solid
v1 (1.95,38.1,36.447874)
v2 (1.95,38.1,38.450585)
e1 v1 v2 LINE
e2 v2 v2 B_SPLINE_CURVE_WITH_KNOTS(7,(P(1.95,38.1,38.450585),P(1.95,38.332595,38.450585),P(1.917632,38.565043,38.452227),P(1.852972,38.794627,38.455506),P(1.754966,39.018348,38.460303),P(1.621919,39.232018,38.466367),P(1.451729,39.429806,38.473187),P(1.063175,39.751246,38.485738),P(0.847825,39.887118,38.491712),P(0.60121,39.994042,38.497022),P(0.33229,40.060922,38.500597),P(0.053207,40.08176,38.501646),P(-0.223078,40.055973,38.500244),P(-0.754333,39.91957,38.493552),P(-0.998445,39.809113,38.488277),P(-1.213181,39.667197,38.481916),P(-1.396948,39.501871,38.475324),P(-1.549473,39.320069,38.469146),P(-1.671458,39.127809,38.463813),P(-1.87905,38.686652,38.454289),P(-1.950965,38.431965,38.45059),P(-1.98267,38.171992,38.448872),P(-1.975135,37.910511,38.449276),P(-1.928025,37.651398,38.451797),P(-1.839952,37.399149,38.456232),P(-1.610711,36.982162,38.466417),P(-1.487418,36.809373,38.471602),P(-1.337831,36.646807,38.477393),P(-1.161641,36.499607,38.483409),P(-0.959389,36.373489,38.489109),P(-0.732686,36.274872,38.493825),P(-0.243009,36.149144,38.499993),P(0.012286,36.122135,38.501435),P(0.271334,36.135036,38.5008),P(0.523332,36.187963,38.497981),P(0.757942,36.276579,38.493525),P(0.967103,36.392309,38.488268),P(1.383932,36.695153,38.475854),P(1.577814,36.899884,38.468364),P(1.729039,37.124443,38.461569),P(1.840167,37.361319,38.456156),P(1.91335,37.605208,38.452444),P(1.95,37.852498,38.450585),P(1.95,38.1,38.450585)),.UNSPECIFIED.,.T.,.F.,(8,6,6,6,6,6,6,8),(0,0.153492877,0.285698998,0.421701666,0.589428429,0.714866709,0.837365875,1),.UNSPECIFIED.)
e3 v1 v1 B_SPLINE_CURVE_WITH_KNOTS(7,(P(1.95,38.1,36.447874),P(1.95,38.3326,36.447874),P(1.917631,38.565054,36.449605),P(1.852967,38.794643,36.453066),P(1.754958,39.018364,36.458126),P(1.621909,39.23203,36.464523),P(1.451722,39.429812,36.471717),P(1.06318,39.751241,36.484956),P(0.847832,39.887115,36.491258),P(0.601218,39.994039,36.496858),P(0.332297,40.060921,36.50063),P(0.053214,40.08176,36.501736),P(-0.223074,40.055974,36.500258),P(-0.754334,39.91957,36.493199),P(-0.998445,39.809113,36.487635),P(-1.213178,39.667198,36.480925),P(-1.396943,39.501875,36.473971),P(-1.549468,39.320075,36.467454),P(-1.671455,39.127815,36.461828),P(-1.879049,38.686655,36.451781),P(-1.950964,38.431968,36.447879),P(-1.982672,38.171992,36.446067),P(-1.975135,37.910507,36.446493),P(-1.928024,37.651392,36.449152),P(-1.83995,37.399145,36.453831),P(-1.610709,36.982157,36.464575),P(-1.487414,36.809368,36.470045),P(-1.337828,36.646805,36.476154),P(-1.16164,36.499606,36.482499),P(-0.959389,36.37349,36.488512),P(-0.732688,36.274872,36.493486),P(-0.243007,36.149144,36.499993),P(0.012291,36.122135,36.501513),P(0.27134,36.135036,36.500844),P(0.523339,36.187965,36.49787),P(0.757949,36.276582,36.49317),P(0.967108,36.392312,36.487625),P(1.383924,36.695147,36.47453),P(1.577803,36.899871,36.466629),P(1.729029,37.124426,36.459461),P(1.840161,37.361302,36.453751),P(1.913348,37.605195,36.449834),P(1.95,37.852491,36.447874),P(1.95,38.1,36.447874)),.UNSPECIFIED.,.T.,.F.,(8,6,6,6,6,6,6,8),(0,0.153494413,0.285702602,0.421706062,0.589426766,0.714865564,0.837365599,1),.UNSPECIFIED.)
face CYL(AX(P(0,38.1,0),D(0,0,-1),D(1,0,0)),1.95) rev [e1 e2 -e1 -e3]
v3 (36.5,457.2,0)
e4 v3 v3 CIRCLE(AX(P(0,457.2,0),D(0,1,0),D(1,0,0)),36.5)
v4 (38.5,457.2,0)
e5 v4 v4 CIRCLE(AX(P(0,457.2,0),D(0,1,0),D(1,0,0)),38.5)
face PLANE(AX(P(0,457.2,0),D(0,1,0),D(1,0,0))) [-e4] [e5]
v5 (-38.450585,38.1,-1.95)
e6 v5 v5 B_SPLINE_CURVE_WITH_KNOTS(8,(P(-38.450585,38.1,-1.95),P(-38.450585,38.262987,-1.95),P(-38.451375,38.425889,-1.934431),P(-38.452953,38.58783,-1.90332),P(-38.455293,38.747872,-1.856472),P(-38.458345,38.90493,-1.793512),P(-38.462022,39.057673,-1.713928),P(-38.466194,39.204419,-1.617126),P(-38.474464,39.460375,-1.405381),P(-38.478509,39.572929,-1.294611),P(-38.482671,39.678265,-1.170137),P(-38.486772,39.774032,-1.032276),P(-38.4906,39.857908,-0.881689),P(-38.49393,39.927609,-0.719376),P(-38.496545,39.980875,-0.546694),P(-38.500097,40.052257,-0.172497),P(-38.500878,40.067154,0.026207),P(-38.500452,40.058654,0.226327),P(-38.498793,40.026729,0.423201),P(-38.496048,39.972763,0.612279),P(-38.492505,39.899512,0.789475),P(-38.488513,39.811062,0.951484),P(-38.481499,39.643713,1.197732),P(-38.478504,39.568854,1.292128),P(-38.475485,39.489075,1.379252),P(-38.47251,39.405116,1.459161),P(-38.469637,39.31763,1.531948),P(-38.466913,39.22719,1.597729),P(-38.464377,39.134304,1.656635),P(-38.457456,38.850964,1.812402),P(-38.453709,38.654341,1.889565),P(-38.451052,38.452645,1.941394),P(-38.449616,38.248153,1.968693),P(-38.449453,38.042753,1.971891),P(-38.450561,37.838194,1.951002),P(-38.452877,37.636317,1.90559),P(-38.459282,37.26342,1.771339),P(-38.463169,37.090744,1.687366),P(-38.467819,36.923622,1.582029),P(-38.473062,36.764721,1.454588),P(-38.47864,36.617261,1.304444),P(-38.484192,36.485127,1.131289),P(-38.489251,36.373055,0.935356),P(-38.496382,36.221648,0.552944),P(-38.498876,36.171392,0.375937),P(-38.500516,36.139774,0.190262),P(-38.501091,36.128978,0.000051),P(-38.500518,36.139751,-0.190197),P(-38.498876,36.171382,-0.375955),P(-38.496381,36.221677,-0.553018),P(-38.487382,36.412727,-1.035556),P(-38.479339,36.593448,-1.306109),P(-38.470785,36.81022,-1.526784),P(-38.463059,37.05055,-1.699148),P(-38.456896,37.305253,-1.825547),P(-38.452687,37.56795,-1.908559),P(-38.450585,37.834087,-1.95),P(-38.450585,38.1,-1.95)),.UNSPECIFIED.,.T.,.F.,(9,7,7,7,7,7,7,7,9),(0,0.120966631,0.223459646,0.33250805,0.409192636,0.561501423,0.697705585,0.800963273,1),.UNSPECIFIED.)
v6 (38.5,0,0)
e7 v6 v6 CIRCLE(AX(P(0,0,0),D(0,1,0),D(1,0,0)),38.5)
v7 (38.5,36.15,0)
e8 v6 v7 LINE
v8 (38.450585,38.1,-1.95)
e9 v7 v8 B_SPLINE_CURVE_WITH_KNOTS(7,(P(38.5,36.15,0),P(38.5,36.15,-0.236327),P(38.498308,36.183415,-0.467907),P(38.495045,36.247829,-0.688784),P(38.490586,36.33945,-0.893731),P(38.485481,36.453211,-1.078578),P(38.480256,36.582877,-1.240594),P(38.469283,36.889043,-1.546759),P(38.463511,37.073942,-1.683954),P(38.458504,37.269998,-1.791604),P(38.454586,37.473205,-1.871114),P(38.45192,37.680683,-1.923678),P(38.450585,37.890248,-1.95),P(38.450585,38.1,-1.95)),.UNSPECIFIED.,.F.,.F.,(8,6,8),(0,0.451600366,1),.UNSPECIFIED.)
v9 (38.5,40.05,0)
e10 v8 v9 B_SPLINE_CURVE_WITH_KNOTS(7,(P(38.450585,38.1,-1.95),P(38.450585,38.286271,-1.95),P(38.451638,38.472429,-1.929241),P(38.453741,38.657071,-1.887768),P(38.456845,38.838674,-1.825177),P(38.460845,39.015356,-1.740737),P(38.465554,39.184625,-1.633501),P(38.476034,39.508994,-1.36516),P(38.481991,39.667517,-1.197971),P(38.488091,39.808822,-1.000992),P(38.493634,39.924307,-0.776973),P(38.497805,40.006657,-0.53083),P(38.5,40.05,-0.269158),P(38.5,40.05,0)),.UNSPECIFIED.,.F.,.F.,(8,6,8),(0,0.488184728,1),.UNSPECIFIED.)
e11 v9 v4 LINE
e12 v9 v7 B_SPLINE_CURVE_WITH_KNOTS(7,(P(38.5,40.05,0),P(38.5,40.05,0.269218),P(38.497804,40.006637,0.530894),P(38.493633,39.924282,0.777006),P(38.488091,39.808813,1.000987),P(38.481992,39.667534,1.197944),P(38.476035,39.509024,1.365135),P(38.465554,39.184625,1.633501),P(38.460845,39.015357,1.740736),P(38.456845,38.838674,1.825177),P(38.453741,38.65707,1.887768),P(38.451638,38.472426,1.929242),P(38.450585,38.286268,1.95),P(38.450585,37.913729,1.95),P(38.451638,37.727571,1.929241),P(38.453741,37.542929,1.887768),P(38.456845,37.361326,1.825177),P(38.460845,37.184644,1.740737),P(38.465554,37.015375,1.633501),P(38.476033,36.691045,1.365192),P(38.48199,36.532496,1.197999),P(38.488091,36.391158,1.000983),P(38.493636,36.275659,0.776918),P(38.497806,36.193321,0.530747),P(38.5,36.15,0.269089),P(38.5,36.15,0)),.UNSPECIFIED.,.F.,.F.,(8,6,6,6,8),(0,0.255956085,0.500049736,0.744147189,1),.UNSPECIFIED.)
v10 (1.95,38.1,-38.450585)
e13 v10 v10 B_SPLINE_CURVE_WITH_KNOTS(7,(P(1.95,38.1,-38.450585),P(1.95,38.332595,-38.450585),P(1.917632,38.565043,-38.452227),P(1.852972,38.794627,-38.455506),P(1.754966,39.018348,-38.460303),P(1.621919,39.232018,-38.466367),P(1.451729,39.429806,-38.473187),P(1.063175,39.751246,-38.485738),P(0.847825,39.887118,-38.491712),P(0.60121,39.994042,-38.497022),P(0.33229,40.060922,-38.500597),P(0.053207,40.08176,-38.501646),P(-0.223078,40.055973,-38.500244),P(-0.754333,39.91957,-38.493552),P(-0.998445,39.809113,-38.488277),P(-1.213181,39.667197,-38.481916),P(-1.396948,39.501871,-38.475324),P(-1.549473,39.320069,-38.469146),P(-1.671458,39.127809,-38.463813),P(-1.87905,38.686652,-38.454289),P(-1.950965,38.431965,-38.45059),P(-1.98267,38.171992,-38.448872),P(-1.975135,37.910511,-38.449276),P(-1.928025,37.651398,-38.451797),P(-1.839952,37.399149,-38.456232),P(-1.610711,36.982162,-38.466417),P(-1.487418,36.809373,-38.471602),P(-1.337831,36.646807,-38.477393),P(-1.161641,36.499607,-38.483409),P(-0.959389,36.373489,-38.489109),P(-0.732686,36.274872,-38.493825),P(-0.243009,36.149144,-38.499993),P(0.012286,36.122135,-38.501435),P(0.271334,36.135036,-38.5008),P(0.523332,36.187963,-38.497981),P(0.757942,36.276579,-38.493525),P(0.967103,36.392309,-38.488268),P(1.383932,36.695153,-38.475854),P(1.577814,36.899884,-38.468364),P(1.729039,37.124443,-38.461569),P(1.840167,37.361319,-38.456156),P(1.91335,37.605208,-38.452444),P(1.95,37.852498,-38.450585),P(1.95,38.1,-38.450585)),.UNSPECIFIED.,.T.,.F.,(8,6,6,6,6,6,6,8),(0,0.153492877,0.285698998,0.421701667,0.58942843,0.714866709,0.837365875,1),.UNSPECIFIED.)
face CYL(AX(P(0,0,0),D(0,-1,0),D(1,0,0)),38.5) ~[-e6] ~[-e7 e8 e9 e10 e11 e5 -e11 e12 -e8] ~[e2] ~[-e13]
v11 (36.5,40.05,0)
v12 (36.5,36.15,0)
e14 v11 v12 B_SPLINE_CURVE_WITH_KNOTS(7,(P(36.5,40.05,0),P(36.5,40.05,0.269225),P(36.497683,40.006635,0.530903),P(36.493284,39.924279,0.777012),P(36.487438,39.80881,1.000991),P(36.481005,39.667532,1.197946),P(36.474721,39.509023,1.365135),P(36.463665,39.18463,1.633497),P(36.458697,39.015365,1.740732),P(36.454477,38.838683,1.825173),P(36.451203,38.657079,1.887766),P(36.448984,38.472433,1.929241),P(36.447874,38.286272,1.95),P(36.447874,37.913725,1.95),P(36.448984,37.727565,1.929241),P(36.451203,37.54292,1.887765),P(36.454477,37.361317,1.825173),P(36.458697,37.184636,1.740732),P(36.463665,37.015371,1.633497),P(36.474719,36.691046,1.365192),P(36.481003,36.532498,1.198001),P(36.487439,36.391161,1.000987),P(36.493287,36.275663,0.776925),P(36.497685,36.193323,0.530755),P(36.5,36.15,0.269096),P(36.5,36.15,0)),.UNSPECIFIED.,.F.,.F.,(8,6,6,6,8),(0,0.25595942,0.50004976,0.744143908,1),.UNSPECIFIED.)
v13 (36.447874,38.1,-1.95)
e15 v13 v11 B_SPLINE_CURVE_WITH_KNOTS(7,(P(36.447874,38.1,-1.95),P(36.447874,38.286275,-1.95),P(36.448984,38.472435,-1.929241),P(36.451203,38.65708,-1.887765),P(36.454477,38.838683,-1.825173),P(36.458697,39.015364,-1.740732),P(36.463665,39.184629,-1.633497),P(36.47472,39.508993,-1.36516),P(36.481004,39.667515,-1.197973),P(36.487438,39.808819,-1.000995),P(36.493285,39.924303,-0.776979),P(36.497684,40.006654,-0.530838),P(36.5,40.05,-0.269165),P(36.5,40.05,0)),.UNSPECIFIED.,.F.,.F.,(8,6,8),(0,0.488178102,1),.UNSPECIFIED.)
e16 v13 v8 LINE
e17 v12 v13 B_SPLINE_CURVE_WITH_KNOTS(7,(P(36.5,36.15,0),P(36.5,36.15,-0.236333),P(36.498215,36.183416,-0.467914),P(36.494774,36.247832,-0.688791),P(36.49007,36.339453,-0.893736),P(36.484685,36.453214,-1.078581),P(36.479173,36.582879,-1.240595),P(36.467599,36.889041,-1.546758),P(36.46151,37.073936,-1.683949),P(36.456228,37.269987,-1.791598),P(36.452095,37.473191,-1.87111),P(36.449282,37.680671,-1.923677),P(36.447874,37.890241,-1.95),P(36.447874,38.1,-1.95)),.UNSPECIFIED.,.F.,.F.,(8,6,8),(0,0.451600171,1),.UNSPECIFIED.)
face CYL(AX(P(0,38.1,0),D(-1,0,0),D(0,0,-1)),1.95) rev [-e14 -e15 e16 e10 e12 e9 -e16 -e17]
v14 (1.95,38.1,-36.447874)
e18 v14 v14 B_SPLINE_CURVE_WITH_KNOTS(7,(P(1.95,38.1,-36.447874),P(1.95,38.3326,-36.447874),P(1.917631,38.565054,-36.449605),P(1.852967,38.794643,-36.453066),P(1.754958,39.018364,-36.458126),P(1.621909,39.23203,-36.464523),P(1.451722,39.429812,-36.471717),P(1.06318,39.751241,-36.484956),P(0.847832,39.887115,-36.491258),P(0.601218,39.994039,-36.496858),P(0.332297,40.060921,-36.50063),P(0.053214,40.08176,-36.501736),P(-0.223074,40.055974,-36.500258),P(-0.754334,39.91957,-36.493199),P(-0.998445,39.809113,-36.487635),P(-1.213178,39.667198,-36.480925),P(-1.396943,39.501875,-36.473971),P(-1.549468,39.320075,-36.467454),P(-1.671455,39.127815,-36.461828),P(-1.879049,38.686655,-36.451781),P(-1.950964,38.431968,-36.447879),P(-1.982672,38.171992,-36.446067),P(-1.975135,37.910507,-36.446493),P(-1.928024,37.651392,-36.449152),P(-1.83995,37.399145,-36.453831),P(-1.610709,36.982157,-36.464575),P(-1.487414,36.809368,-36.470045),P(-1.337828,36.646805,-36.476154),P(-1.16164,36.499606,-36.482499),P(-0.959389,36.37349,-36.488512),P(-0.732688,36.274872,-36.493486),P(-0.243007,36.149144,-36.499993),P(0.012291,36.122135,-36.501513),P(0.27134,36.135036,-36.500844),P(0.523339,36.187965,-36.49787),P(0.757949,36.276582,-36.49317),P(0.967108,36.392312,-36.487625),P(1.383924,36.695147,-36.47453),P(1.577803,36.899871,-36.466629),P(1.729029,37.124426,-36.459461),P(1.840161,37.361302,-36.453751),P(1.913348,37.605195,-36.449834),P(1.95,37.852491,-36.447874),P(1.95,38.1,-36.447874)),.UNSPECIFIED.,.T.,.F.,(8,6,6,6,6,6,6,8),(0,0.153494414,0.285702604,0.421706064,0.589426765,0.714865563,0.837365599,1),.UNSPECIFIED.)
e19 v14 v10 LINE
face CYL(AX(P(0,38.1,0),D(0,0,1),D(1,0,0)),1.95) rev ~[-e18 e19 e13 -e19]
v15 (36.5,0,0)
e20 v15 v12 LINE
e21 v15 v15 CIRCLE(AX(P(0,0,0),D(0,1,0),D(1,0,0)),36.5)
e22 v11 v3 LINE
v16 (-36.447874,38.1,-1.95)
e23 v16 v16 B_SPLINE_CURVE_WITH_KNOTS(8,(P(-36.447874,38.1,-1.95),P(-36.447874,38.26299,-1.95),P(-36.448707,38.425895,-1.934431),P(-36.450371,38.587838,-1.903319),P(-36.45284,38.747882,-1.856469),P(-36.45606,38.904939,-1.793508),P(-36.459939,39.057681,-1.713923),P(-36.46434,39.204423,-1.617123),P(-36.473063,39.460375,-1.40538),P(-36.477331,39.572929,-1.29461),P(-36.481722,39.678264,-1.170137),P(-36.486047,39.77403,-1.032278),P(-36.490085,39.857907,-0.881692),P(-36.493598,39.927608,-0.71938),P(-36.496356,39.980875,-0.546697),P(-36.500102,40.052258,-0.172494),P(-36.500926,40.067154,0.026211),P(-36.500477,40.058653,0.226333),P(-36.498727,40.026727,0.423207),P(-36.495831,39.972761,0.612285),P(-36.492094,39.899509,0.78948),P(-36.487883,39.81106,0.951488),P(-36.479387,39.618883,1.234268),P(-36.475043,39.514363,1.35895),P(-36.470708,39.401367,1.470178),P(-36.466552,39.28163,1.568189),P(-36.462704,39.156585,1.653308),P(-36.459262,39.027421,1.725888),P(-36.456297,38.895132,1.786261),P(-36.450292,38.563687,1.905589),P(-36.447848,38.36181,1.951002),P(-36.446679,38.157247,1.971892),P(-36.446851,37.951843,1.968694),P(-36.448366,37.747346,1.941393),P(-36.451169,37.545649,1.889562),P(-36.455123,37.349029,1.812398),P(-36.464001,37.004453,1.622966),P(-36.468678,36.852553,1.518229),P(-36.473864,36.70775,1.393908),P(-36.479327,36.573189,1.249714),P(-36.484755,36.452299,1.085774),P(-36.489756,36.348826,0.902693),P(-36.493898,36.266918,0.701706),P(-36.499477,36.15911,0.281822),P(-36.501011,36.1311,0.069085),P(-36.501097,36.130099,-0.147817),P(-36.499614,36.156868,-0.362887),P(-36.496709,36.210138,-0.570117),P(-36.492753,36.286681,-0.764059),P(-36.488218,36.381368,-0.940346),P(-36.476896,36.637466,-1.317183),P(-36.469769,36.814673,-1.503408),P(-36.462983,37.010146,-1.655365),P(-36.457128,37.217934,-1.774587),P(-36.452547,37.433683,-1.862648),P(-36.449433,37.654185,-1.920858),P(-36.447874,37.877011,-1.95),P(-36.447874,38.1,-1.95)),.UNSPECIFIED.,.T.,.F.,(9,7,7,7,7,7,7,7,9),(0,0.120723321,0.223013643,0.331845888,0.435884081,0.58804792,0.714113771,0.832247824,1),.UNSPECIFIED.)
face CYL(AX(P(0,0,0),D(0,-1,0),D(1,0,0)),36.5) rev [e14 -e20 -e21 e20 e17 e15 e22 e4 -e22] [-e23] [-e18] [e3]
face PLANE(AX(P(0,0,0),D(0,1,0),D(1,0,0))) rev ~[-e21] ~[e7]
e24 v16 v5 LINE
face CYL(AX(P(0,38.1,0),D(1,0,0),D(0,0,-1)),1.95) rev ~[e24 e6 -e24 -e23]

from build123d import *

# Parameters (mm, degrees)
SKETCH1_R               = 38.5
SKETCH1_R_2             = 36.5
BOSS_EXTRUDE1_DEPTH     = 457.2
SKETCH2_R               = 1.95
CUT_EXTRUDE1_DEPTH      = 39.5
CUT_EXTRUDE1_DEPTH_BACK = 39.5
SKETCH3_R               = 1.95
CUT_EXTRUDE2_DEPTH      = 39.5000001
CUT_EXTRUDE2_DEPTH_BACK = 39.5000001


with BuildPart() as part:
    # Sketch1 → Boss-Extrude1 (new body)
    with BuildSketch(Plane(origin=(0, 0, 0), x_dir=(1, 0, 0), z_dir=(0, 1, 0))):
        Circle(SKETCH1_R)
        Circle(SKETCH1_R_2, mode=Mode.SUBTRACT)
    extrude(amount=BOSS_EXTRUDE1_DEPTH)

    # Sketch2 → Cut-Extrude1 (cut, two sides)
    with BuildSketch(Plane(origin=(0, 0, 0), x_dir=(0, 0, -1), z_dir=(1, 0, 0))) as cut_extrude1_sk:
        with Locations((0, 38.1)):
            Circle(SKETCH2_R)
    extrude(amount=CUT_EXTRUDE1_DEPTH, mode=Mode.SUBTRACT)
    extrude(cut_extrude1_sk.sketch, amount=-CUT_EXTRUDE1_DEPTH_BACK, mode=Mode.SUBTRACT)

    # Sketch3 → Cut-Extrude2 (cut, two sides)
    with BuildSketch(Plane.XY) as cut_extrude2_sk:
        with Locations((0, 38.1)):
            Circle(SKETCH3_R)
    extrude(amount=CUT_EXTRUDE2_DEPTH, mode=Mode.SUBTRACT)
    extrude(cut_extrude2_sk.sketch, amount=-CUT_EXTRUDE2_DEPTH_BACK, mode=Mode.SUBTRACT)


solid = part.part
